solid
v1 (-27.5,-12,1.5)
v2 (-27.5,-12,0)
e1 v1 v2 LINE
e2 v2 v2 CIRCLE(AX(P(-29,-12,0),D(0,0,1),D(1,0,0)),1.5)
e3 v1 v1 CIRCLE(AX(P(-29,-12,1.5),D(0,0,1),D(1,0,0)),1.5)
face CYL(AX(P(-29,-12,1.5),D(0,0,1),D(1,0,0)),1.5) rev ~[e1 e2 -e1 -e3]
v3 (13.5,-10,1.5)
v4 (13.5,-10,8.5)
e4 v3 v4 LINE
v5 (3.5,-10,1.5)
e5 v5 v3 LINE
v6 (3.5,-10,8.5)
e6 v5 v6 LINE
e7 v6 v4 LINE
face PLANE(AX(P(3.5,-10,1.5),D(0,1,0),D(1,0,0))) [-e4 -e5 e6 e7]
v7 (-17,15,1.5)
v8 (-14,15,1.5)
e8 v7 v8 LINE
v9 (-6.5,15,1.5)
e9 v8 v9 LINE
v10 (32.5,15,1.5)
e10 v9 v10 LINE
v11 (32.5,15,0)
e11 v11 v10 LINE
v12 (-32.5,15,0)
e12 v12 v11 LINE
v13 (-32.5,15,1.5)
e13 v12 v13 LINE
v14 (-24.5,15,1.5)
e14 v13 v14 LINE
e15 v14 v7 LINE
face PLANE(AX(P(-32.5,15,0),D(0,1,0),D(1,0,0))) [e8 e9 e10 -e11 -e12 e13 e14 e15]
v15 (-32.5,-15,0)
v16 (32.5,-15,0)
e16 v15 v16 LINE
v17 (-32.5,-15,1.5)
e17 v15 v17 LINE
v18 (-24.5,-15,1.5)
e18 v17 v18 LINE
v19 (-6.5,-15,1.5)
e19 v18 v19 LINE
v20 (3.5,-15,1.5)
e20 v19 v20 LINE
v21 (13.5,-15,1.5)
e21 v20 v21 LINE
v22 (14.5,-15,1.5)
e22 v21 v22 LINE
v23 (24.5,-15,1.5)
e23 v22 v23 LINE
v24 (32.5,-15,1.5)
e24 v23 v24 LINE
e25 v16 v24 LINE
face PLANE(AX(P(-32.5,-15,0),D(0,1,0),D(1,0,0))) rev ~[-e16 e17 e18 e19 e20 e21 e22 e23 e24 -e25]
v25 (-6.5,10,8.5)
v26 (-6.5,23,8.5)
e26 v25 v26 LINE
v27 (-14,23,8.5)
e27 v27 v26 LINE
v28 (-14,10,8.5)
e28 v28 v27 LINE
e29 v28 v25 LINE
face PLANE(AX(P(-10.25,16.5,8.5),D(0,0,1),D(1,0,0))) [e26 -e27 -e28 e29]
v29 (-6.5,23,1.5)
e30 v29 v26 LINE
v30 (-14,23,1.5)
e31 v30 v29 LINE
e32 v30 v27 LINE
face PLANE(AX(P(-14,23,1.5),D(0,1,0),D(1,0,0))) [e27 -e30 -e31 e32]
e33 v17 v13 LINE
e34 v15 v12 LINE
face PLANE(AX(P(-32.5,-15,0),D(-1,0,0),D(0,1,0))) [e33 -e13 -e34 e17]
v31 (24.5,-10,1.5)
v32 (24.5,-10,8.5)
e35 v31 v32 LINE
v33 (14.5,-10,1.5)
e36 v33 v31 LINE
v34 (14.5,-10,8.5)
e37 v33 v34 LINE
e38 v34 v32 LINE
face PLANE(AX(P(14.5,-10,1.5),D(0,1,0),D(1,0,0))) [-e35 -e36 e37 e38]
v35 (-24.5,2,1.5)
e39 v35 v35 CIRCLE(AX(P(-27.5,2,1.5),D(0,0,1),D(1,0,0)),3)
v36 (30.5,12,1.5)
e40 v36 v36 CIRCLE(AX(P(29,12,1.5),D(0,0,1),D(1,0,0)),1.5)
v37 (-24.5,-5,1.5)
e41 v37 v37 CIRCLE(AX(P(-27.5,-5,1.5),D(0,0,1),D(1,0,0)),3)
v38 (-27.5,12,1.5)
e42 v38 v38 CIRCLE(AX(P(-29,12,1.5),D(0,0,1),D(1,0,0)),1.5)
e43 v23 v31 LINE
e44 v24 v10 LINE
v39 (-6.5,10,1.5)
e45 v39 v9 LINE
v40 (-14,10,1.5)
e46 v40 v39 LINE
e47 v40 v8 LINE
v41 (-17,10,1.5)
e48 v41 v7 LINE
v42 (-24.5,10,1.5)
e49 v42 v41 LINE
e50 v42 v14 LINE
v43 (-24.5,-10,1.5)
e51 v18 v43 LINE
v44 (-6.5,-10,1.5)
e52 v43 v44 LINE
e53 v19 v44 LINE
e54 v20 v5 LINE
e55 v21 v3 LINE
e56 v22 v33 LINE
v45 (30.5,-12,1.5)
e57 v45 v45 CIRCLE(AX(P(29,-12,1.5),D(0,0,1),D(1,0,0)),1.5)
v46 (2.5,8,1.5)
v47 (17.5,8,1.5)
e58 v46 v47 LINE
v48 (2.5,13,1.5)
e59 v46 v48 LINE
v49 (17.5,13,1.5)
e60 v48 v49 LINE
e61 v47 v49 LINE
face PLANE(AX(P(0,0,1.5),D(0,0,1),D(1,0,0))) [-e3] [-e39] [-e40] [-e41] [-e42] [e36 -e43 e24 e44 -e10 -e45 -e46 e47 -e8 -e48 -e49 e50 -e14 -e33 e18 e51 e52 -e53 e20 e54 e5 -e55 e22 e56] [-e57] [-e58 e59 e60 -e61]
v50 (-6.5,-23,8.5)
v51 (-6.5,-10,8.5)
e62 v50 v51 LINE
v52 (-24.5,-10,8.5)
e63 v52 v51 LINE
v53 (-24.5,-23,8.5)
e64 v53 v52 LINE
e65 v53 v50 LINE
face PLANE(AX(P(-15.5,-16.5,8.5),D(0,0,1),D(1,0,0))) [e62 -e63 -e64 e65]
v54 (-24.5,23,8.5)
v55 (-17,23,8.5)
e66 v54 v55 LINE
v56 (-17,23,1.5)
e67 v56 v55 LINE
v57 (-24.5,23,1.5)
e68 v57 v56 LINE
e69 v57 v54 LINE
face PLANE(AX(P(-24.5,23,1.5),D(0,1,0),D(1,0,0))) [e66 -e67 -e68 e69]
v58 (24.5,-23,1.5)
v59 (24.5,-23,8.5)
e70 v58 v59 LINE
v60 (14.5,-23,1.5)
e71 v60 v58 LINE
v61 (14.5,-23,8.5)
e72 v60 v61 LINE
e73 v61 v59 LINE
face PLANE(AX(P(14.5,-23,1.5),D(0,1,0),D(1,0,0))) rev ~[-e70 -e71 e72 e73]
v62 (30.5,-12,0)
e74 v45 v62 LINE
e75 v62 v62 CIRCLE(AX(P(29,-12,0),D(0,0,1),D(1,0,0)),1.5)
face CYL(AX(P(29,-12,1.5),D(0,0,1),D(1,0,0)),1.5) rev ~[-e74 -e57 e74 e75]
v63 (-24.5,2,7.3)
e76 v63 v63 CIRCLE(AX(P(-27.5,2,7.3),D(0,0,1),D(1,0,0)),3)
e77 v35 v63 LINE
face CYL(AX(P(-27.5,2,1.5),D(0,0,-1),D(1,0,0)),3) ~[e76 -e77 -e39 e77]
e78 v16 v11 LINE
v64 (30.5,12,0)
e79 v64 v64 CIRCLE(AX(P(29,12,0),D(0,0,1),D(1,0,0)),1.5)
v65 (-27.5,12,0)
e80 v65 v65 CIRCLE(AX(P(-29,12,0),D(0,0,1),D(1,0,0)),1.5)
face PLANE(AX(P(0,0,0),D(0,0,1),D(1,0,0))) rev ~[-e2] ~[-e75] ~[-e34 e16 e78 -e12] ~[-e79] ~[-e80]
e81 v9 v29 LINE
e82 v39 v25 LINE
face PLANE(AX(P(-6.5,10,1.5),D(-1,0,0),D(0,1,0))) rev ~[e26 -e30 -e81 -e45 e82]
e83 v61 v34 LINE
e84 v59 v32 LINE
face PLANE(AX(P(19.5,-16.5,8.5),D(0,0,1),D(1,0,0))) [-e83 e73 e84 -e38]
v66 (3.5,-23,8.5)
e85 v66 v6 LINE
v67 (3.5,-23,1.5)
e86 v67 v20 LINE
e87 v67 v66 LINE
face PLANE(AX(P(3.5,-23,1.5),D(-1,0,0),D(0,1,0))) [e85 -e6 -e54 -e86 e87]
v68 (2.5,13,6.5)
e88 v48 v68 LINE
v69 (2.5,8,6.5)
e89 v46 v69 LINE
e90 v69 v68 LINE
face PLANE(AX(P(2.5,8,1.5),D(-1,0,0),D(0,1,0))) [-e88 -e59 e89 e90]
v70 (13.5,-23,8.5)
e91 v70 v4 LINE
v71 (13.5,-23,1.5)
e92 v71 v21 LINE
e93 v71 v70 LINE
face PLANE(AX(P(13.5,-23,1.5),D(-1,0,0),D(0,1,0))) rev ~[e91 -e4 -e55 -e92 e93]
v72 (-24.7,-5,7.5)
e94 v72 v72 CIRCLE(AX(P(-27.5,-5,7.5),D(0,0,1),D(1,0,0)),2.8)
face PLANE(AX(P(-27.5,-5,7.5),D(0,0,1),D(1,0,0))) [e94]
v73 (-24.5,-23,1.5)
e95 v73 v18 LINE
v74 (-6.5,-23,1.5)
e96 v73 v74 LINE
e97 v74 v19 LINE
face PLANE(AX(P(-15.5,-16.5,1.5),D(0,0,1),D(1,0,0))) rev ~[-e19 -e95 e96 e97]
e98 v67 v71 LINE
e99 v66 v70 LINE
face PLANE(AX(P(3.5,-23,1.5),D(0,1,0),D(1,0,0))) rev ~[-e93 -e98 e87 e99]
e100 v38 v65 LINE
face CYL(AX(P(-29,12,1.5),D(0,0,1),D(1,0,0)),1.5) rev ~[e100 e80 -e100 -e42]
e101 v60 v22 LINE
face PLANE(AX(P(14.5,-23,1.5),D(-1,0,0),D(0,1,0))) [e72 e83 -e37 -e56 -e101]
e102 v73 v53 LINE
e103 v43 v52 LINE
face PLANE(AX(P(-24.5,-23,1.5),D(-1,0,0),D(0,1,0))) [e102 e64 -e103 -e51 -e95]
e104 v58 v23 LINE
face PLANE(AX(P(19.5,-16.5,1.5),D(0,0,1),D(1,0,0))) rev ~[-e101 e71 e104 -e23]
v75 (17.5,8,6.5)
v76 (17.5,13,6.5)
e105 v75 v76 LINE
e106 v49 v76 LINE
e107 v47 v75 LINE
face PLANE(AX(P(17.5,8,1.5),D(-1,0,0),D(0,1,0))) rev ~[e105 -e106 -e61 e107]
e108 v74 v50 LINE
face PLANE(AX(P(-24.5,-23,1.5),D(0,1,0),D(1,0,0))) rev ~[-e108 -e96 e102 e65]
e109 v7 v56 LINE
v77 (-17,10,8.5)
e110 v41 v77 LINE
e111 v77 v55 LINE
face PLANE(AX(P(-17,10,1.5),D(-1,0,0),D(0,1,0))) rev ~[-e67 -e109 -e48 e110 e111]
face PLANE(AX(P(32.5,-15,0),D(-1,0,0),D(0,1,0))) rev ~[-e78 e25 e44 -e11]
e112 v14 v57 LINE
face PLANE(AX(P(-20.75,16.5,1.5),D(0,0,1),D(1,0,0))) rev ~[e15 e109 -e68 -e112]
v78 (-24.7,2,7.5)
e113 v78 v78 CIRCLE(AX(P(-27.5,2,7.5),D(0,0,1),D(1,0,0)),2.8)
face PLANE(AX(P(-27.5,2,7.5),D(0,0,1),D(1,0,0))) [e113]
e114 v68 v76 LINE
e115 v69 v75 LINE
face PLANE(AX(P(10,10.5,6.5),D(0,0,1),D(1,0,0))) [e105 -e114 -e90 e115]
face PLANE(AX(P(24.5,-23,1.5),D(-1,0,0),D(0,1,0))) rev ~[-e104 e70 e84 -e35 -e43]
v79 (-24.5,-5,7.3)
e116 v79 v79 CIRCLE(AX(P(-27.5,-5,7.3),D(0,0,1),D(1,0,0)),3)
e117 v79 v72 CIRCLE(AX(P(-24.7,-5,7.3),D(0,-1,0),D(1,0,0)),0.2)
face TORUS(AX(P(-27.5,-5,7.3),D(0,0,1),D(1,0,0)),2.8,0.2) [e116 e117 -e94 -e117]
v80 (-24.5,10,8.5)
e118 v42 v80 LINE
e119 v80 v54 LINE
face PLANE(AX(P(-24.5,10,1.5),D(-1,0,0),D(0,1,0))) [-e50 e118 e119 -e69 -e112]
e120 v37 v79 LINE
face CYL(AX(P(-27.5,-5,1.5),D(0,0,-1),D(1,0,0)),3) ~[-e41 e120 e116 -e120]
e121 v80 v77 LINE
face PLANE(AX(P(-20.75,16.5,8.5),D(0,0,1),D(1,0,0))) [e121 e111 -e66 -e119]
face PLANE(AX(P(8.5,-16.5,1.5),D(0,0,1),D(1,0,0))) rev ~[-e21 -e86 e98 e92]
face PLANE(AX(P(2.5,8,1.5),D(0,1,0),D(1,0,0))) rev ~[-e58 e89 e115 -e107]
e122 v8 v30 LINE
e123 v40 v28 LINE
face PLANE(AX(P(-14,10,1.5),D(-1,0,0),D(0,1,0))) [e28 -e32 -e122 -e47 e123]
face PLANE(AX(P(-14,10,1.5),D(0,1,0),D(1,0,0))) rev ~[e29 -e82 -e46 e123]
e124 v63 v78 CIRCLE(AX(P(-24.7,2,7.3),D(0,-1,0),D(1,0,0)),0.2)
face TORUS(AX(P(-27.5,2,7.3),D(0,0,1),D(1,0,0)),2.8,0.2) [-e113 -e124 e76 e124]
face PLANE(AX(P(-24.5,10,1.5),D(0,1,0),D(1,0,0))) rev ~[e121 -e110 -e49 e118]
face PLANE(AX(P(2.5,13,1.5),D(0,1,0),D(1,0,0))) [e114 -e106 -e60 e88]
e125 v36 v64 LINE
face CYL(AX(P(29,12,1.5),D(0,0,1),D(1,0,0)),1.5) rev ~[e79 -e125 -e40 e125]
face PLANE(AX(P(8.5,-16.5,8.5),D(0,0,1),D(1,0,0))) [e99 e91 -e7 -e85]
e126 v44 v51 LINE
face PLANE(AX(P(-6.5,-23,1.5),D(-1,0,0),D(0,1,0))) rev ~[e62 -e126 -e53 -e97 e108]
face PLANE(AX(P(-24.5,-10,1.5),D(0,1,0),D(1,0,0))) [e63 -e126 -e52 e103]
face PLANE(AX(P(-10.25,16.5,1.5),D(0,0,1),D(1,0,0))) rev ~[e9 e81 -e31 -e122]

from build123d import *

# Parameters (mm, degrees)
F0_W      = 65
F0_H      = 30
F1_DEPTH  = 1.5
F2_R      = 1.5
F3_DEPTH  = 1.501
F4_R      = 3
F5_DEPTH  = 6
F6_R      = 0.2
F7_W      = 7.5
F7_H      = 13
F7_W_2    = 18
F7_W_3    = 10
F8_DEPTH  = 7
F9_W      = 15
F9_H      = 5
F10_DEPTH = 5


with BuildPart() as f1:
    # F0 (on Top) → F1 (new body)
    with BuildSketch(Plane.XY):
        Rectangle(F0_W, F0_H)
    extrude(amount=F1_DEPTH)

    # F2 (on face) → F3 (cut, through all)
    with BuildSketch(Plane.XY.offset(1.5)):
        with Locations((-29, 12)):
            Circle(F2_R)
        with Locations((-29, -12)):
            Circle(F2_R)
        with Locations((29, 12)):
            Circle(F2_R)
        with Locations((29, -12)):
            Circle(F2_R)
    extrude(amount=-F3_DEPTH, mode=Mode.SUBTRACT)

    # F4 (on face) → F5 (join)
    with BuildSketch(Plane.XY.offset(1.5)):
        with Locations((-27.5, 2)):
            Circle(F4_R)
        with Locations((-27.5, -5)):
            Circle(F4_R)
    extrude(amount=F5_DEPTH)

    # F6
    f6_edges = [f1.edges().sort_by_distance(p)[0] for p in [
        (-30.5, 2, 7.5),
        (-30.5, -5, 7.5),
    ]]
    fillet(f6_edges, radius=F6_R)

    # F7 (on face) → F8 (join)
    with BuildSketch(Plane.XY.offset(1.5)):
        with Locations((-20.75, 16.5)):
            Rectangle(F7_W, F7_H)
        with Locations((-10.25, 16.5)):
            Rectangle(F7_W, F7_H)
        with Locations((-15.5, -16.5)):
            Rectangle(F7_W_2, F7_H)
        with Locations((19.5, -16.5)):
            Rectangle(F7_W_3, F7_H)
        with Locations((8.5, -16.5)):
            Rectangle(F7_W_3, F7_H)
    extrude(amount=F8_DEPTH)

    # F9 (on face) → F10 (join)
    with BuildSketch(Plane.XY.offset(1.5)):
        with Locations((10, 10.5)):
            Rectangle(F9_W, F9_H)
    extrude(amount=F10_DEPTH)


solid = f1.part
